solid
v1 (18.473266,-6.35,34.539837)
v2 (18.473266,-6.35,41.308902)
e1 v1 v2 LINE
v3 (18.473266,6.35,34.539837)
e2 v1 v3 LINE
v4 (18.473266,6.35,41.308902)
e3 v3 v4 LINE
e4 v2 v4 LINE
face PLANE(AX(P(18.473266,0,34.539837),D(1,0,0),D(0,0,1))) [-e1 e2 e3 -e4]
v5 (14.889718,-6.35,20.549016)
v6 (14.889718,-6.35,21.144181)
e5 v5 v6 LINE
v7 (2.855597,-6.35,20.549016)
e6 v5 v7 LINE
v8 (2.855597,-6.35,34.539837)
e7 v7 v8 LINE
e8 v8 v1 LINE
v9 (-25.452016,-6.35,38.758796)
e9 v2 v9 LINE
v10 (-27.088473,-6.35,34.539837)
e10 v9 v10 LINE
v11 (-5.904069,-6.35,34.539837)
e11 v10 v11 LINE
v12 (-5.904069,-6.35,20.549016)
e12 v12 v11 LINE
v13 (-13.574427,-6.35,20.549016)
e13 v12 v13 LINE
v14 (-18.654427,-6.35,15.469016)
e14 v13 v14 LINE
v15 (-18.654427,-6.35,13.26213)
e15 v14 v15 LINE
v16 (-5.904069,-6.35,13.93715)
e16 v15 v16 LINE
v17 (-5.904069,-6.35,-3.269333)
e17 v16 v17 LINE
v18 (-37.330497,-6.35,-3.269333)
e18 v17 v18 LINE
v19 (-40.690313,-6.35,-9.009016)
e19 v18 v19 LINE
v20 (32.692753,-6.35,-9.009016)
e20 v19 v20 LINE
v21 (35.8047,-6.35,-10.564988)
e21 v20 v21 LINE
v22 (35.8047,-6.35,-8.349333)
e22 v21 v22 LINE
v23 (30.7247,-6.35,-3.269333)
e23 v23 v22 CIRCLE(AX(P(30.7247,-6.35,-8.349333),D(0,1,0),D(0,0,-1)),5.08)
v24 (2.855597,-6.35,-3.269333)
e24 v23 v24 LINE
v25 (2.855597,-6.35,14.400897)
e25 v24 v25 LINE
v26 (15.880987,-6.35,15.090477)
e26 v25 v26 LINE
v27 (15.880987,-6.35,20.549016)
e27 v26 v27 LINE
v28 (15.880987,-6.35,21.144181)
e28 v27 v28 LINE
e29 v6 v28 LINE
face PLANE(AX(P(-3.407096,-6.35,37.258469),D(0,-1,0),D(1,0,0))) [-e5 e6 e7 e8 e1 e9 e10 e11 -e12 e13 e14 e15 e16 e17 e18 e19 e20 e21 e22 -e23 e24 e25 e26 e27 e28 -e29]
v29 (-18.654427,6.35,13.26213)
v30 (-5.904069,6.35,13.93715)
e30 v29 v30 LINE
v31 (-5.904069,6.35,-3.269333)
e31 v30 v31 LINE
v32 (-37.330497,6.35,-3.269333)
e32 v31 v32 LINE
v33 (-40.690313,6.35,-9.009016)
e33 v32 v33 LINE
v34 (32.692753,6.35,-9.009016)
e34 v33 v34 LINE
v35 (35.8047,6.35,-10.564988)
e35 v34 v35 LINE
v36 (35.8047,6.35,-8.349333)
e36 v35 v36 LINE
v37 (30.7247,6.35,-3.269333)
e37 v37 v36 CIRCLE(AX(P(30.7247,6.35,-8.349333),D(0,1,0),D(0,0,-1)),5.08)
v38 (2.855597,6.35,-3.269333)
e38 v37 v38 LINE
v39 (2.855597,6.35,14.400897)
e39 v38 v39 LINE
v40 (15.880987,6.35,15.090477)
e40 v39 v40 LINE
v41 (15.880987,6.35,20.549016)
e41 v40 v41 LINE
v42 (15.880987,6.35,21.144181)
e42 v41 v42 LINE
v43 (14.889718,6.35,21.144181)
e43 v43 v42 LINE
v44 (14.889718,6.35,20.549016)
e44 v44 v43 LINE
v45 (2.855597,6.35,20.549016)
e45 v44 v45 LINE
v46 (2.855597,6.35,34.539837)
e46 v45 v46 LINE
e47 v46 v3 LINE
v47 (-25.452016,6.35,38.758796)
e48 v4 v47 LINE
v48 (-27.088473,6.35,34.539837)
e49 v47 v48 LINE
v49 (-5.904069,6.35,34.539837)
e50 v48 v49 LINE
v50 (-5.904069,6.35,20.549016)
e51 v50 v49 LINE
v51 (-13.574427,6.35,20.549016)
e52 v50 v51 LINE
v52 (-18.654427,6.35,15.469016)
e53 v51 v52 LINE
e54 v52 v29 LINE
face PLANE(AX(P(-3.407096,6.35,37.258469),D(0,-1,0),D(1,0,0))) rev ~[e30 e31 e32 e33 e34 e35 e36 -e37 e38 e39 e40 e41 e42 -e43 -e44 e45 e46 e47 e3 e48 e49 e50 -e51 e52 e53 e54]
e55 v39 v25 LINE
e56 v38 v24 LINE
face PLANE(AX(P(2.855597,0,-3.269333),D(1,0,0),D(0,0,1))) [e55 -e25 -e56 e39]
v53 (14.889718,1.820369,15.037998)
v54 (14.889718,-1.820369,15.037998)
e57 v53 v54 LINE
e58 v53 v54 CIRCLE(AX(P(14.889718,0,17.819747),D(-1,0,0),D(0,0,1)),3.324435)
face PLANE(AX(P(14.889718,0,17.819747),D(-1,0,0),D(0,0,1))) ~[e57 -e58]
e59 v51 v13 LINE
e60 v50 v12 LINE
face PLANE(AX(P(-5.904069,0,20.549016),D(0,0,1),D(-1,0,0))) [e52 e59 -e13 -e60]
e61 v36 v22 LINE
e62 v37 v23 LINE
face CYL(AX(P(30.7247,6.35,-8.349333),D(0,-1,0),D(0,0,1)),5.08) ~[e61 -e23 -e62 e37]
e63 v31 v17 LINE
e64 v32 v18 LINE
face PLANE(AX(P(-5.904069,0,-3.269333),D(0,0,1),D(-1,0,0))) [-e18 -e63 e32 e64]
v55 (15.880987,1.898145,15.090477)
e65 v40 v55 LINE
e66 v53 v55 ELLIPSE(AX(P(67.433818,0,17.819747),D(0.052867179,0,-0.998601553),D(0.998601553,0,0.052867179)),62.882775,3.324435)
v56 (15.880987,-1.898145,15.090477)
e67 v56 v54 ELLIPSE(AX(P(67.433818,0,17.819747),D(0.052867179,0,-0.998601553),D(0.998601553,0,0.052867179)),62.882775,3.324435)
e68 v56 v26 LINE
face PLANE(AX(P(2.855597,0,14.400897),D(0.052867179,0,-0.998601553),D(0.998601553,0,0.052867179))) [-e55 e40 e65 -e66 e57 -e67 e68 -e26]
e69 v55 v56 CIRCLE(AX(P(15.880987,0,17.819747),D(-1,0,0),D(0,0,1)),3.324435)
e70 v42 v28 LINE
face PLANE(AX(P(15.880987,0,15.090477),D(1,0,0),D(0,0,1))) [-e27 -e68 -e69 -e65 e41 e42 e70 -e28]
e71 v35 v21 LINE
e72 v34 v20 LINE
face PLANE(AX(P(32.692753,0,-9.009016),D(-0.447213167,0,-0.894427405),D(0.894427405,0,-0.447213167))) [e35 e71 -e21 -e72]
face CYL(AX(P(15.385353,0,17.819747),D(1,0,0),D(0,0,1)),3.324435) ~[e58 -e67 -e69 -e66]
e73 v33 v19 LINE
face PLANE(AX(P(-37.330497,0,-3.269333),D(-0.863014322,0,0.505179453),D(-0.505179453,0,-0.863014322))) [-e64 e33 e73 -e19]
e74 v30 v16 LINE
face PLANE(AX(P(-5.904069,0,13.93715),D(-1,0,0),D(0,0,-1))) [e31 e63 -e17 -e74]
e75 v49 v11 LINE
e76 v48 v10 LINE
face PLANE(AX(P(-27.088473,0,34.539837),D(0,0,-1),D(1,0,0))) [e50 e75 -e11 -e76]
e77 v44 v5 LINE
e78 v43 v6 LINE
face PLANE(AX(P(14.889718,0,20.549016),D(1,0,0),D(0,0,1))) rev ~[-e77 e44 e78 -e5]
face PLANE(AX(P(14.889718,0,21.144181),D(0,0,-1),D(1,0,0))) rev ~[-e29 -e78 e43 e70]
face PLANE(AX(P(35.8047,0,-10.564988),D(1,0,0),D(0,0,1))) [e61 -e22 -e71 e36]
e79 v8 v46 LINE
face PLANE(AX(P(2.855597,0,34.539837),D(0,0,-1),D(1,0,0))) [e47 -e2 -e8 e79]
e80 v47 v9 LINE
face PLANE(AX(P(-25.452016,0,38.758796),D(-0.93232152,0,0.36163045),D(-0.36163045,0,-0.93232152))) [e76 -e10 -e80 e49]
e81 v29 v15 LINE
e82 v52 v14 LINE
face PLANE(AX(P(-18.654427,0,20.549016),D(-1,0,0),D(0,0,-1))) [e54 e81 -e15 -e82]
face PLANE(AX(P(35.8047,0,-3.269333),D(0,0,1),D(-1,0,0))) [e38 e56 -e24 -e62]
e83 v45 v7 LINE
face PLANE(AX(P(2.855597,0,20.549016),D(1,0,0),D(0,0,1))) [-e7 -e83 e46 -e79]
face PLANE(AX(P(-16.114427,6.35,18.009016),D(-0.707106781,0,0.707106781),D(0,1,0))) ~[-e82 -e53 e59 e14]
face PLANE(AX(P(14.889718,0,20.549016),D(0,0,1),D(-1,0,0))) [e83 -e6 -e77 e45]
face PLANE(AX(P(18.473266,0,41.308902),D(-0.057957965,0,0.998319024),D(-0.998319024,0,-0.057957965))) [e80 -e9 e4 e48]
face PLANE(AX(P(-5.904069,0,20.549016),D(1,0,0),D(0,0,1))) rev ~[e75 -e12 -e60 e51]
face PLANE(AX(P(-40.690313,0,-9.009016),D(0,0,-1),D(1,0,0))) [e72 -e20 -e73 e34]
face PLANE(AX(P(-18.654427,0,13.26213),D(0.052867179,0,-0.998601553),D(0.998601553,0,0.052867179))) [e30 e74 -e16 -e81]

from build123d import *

# Parameters (mm, degrees)
F0_W     = 8.7596660014
F0_H     = 13.9908213168
F0_W_2   = 0.9912690148
F0_H_2   = 0.5951654166
F1_DEPTH = 6.35
F2_R     = 5.08
F4_SIZE  = 5.08


with BuildPart() as f1:
    # F0 (on Front) → F1 (new body, symmetric)
    with BuildSketch(Plane.XZ):
        Polygon((18.4732656926, 41.3089023039), (-25.4520159215, 38.7587957084), (-27.0884726197, 34.5398373902), (-25.4520159215, 34.5398373902), (-5.9040691704, 34.5398373902), (2.8555968311, 34.5398373902), (18.4732656926, 34.5398373902), align=None)
        with Locations((-1.5242361696, 27.5444267318)):
            Rectangle(F0_W, F0_H)
        Polygon((14.8897180334, 20.5490160733), (2.8555968311, 20.5490160733), (2.8555968311, 17.8197465704), (15.8809870481, 17.8197465704), (15.8809870481, 20.5490160733), align=None)
        Polygon((2.8555968311, 17.8197465704), (2.8555968311, 20.5490160733), (-5.9040691704, 20.5490160733), (-5.9040691704, 13.9371497284), (2.8555968311, 14.4008970871), align=None)
        Polygon((-5.9040691704, 13.9371497284), (-5.9040691704, 20.5490160733), (-18.6544265598, 20.5490160733), (-18.6544265598, 13.2621303201), align=None)
        Polygon((15.8809870481, 17.8197465704), (2.8555968311, 17.8197465704), (2.8555968311, 14.4008970871), (15.8809870481, 15.0904770675), align=None)
        with Locations((15.3853525408, 20.8465987816)):
            Rectangle(F0_W_2, F0_H_2)
        Polygon((2.8555968311, 14.4008970871), (-5.9040691704, 13.9371497284), (-5.9040691704, -3.2693331596), (-37.3304970562, -3.2693331596), (-40.6903134995, -9.0090157464), (32.6927527785, -9.0090157464), (35.8047001064, -10.5649875477), (35.8047001064, -3.2693331596), (2.8555968311, -3.2693331596), align=None)
    extrude(amount=F1_DEPTH, both=True)

    # F2
    f2_edges = [f1.edges().sort_by_distance(p)[0] for p in [
        (35.8047, 0, -3.269333),
    ]]
    fillet(f2_edges, radius=F2_R)

    # F0 (on Front) → F3 (revolve)
    with BuildSketch(Plane.XZ):
        with Locations((15.3853525408, 20.8465987816)):
            Rectangle(F0_W_2, F0_H_2)
    revolve(axis=Axis((9.3682919396, 0, 17.8197465704), (-1, 0, 0)))

    # F4
    f4_edges = [f1.edges().sort_by_distance(p)[0] for p in [
        (-18.654427, 0, 20.549016),
    ]]
    chamfer(f4_edges, length=F4_SIZE)


solid = f1.part
